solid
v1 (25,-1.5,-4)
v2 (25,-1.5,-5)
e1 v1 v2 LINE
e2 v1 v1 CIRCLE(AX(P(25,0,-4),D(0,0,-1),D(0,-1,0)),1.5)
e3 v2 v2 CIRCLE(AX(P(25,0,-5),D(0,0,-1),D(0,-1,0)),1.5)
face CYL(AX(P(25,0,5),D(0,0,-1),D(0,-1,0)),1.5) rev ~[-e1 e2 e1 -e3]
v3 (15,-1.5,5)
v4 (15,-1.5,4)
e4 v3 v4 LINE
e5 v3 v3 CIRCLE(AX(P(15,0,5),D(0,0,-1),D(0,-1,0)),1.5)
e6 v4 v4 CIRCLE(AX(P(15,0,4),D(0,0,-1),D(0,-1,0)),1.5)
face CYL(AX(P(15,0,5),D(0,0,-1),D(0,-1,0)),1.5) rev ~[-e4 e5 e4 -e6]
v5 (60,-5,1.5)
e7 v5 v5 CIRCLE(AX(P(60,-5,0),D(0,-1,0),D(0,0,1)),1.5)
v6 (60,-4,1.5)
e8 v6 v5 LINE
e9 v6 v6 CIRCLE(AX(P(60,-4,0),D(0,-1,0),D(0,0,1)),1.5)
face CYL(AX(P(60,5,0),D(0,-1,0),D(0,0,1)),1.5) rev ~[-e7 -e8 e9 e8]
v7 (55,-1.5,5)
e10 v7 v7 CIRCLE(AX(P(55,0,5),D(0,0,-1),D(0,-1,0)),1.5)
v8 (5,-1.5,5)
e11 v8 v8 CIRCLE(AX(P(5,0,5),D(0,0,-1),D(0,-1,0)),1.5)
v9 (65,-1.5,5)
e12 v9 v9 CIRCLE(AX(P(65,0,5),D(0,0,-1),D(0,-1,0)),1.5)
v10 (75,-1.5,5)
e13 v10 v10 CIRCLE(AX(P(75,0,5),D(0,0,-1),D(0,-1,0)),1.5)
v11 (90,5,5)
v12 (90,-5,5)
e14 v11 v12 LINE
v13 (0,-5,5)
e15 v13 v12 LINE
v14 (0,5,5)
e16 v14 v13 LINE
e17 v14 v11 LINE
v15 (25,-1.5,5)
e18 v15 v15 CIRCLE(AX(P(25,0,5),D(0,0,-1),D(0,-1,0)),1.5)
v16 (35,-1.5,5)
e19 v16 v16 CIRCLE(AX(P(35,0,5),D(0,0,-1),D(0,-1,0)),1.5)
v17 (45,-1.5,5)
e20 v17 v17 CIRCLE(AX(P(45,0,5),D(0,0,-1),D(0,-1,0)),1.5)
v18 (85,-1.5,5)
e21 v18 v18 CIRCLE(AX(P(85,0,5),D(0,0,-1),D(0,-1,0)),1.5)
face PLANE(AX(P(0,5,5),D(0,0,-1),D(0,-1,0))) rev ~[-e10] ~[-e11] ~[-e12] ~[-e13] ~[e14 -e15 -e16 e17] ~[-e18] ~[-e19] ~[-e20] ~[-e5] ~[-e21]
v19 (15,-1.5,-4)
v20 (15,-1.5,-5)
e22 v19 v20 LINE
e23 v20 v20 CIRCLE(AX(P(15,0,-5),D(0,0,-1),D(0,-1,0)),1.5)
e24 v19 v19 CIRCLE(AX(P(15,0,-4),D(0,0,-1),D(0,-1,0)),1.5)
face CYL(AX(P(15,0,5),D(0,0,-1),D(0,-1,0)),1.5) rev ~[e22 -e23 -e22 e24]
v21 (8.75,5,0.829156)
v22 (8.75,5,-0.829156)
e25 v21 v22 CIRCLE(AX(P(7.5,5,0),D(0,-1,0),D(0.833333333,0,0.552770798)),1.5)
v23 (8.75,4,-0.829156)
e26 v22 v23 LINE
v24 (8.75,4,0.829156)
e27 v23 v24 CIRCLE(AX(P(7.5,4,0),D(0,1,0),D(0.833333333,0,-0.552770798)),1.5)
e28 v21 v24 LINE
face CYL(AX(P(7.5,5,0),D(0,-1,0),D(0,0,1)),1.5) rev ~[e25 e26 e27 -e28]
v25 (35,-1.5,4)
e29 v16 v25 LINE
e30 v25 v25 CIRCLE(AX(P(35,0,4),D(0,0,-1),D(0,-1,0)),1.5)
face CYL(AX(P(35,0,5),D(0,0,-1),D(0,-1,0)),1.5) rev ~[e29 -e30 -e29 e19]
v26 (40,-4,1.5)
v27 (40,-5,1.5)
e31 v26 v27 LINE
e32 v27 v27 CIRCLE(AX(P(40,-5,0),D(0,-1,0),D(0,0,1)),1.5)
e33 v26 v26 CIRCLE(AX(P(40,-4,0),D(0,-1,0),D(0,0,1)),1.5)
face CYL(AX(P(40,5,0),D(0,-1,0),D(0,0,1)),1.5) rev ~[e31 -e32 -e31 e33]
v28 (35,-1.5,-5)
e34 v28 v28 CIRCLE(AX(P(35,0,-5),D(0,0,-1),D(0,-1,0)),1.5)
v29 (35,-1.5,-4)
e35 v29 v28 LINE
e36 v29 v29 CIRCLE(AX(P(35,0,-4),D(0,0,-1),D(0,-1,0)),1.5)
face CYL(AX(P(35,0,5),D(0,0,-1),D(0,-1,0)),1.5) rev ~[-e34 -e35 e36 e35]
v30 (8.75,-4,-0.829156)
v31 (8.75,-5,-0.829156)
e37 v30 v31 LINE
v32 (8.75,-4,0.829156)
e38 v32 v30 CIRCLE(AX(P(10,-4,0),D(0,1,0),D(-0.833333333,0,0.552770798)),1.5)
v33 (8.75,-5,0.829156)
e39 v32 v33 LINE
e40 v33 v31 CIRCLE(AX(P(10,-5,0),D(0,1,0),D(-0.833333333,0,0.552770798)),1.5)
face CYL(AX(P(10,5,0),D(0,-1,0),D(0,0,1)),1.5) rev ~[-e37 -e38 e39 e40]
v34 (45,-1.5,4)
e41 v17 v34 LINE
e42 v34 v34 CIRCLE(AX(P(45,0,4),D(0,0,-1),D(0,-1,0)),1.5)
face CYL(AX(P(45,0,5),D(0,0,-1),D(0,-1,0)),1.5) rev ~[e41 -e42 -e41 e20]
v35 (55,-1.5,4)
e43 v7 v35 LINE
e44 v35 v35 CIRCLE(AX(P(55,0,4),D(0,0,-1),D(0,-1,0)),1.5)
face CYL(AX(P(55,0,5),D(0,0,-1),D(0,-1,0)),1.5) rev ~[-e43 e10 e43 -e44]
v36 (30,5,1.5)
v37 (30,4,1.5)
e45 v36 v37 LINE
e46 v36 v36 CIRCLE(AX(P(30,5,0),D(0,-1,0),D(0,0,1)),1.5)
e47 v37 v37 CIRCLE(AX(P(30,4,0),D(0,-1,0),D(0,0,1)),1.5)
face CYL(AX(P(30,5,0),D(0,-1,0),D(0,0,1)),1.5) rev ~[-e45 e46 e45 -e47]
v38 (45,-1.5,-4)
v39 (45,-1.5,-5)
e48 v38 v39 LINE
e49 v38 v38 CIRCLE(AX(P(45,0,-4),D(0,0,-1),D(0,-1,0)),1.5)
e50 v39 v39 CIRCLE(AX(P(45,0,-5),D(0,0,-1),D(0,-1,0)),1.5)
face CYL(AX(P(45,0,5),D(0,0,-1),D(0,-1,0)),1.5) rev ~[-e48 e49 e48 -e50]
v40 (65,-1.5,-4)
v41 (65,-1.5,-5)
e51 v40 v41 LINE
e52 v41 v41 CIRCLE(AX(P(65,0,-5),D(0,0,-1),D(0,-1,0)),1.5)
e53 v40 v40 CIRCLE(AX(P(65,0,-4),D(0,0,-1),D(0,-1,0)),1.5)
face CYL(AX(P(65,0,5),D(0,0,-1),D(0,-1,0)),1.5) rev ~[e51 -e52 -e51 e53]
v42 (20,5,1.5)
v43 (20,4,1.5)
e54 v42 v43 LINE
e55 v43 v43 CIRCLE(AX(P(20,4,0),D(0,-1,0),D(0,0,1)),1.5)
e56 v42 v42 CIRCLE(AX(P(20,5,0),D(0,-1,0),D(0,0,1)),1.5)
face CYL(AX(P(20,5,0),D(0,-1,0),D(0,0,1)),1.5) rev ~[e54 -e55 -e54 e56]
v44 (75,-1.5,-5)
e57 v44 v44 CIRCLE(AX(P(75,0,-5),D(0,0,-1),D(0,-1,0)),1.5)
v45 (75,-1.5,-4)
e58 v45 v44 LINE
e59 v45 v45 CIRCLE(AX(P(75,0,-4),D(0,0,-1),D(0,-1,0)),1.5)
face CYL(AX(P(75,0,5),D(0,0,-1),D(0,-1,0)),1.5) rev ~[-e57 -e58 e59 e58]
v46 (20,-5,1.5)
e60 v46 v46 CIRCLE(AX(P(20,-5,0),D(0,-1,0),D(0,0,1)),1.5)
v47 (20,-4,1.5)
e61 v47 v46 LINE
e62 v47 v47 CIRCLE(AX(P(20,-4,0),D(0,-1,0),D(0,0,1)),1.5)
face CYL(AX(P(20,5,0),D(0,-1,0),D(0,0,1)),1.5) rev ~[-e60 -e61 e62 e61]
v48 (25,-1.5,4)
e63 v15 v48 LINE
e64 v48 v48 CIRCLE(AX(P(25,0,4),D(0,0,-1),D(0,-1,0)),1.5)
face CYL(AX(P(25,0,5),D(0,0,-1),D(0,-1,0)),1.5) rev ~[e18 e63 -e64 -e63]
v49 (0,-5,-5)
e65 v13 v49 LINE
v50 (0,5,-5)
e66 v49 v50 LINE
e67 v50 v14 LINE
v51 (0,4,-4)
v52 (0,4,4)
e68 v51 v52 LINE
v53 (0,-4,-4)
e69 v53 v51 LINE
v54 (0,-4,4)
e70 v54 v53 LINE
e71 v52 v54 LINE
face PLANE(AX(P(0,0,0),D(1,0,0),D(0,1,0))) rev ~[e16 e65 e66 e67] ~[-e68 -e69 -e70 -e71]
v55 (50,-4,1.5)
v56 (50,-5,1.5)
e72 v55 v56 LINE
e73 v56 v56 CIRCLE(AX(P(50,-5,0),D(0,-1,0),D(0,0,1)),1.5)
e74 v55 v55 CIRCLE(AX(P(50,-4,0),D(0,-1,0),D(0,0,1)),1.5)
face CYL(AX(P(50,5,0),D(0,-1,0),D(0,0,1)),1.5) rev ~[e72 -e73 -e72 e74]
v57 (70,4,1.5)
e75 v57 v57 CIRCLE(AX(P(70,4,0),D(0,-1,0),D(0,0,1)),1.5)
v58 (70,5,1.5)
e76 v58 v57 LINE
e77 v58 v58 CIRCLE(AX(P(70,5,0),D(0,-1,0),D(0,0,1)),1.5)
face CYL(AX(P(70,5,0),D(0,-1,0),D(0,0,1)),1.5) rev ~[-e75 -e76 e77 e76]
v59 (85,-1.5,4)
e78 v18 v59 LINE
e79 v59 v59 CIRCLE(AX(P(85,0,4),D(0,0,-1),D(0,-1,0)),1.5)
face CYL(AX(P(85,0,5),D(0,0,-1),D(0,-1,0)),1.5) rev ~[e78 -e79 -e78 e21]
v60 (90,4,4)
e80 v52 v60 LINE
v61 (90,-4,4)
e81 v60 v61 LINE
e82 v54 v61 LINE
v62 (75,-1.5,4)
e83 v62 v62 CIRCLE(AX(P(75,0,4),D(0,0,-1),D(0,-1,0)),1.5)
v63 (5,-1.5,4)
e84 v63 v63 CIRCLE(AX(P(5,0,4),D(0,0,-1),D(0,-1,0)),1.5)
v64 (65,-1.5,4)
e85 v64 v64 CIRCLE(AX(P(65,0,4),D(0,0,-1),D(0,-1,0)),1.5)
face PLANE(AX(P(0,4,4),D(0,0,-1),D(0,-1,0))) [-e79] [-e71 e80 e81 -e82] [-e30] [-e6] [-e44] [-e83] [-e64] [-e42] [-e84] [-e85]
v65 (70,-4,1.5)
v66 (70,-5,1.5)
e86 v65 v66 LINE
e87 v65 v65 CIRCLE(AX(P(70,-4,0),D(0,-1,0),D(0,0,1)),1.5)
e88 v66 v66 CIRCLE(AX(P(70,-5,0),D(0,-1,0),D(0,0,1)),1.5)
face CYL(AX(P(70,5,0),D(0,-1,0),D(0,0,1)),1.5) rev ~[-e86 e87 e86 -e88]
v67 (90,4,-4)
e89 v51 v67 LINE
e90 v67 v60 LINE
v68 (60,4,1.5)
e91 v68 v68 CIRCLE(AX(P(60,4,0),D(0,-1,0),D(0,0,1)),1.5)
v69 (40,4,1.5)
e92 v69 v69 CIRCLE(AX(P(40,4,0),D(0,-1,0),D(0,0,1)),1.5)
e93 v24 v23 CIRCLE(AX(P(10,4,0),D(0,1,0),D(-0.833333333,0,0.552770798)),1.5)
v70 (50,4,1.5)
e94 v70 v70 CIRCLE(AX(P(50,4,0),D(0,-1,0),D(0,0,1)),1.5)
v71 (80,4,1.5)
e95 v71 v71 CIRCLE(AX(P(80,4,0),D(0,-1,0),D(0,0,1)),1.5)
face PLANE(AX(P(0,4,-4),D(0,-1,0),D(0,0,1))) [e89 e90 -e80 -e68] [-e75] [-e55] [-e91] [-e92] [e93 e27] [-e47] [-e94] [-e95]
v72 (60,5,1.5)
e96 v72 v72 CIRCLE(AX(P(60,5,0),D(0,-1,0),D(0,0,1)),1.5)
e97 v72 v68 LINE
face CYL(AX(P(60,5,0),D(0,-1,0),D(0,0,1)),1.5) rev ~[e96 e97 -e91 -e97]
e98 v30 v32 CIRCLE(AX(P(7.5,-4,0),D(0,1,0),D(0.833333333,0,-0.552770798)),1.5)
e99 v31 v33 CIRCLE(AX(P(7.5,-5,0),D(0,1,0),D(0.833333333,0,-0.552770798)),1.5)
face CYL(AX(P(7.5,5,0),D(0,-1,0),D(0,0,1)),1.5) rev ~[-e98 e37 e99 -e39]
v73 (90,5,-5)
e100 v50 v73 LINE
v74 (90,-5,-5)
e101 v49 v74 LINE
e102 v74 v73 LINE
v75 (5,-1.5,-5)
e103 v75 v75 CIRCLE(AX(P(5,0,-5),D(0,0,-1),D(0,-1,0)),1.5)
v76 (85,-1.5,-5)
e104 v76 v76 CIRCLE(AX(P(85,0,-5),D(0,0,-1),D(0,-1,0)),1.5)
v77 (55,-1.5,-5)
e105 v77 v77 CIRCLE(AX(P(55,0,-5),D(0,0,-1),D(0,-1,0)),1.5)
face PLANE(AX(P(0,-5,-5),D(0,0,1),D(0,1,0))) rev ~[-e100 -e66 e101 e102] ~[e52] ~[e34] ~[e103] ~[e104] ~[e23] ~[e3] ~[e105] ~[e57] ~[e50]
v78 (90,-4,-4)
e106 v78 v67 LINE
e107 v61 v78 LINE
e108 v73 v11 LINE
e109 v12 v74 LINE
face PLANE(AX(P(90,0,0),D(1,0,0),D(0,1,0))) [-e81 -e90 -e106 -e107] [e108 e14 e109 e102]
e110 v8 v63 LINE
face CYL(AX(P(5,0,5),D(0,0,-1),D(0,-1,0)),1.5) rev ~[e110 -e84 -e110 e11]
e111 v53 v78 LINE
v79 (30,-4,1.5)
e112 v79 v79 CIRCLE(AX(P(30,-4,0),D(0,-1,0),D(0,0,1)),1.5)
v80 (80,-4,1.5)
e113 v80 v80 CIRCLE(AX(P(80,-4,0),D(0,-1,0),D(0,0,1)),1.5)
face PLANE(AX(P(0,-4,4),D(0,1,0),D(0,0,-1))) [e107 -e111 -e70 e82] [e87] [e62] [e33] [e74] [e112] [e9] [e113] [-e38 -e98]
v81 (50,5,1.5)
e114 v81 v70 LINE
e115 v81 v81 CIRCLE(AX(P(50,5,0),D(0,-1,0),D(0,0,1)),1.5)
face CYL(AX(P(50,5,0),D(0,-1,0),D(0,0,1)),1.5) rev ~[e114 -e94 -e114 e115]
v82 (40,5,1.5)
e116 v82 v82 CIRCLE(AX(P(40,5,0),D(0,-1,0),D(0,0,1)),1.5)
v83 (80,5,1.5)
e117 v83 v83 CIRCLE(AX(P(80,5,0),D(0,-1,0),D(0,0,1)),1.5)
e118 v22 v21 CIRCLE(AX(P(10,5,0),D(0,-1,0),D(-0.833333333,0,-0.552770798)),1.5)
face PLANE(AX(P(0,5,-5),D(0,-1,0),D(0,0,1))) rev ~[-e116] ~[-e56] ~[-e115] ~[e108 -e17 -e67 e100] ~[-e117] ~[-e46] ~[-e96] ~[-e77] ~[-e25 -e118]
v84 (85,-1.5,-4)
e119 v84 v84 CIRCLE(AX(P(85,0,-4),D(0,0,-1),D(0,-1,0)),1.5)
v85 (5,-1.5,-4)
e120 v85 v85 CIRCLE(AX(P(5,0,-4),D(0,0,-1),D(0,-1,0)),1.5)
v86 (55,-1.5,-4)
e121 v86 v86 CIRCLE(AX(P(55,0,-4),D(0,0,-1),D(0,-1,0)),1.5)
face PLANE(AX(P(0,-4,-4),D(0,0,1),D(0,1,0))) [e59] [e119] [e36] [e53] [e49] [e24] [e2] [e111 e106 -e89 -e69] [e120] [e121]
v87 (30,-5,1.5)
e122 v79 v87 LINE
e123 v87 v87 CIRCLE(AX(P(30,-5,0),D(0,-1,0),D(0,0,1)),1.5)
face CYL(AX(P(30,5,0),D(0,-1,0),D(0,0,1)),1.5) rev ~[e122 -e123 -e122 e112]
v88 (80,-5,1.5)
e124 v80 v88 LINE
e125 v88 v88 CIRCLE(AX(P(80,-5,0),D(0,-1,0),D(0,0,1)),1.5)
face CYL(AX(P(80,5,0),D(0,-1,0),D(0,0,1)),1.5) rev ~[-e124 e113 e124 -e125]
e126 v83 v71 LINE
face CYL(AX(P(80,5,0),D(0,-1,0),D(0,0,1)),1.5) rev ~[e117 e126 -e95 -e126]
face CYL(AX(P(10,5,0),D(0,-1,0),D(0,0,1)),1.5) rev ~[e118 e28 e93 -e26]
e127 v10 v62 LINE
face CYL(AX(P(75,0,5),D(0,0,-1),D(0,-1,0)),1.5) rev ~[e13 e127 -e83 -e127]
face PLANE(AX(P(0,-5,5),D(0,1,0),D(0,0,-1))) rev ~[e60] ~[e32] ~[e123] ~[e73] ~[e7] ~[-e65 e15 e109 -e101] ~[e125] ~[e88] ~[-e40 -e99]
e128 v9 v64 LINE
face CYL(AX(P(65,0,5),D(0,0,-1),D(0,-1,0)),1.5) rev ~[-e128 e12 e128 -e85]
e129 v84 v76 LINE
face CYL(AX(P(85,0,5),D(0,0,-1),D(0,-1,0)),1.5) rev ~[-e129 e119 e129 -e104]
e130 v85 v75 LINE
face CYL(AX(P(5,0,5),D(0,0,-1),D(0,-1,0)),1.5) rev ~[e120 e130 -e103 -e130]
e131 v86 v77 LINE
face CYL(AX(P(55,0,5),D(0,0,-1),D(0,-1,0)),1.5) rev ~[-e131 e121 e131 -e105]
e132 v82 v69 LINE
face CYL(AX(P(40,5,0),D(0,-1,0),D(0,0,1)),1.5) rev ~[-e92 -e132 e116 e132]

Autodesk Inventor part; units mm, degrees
ref_plane "YZ Plane" through (0, 0, 0) normal (1, 0, 0) x (0, 1, 0)
ref_plane "XZ Plane" through (0, 0, 0) normal (0, 1, 0) x (-1, 0, 0)
ref_plane "XY Plane" through (0, 0, 0) normal (0, 0, 1) x (1, 0, 0)
sketch "Sketch1" plane through (0, 0, 0) normal (1, 0, 0) x (0, 1, 0)
  line L0 (-5, -5) -> (5, -5)
  line L1 (5, -5) -> (5, 5)
  line L2 (5, 5) -> (-5, 5)
  line L3 (-5, 5) -> (-5, -5)
  line L4 (-5, -5) -> (5, 5) construction
  line L5 (5, -5) -> (-5, 5) construction
  line L6 (-4, -4) -> (4, -4)
  line L7 (4, -4) -> (4, 4)
  line L8 (4, 4) -> (-4, 4)
  line L9 (-4, 4) -> (-4, -4)
  line L10 (-4, -4) -> (4, 4) construction
  line L11 (4, -4) -> (-4, 4) construction
  point P0 (0, 0)
  dimension "d0" = 10
  dimension "d1" = 10
  dimension "d2" = 8
  dimension "d3" = 8
extrude "Extrusion1" add sketch "Sketch1" along normal blind 90
sketch "Sketch2" plane through (0, -5, 5) normal (0, 0, 1) x (1, 0, 0)
  line L0 (90, 10) -> (90, 0) projected
  line L1 (0, 10) -> (0, 0) projected
  line L2 (5, 5) -> (25.8215, 5)
  point P0 (0, 5)
  point P1 (15, 5)
  point P2 (15, 5)
  point P3 (25, 5)
  point P4 (25, 5)
  point P5 (35, 5)
  point P6 (35, 5)
  point P7 (45, 5)
  point P8 (45, 5)
  point P9 (55, 5)
  point P10 (55, 5)
  point P11 (65, 5)
  point P12 (65, 5)
  point P13 (75, 5)
  point P14 (75, 5)
  point P15 (85, 5)
  dimension "d7" = 5
  dimension "d15" = 10
  dimension "d18" = 10
hole "Hole1" at (5, 0, 5) at (15, 0, 5) at (25, 0, 5) at (35, 0, 5) at (45, 0, 5) at (55, 0, 5) at (65, 0, 5) at (75, 0, 5) at (85, 0, 5) direction (0, 0, -1) diameter 3 depth 80.45
sketch "Sketch3" plane through (0, 5, 5) normal (0, 1, 0) x (1, 0, 0)
  line L0 (0, 10) -> (0, 0) projected
  line L1 (0, 5) -> (10, 5)
  point P0 (20, 5)
  point P1 (20, 5)
  point P2 (30, 5)
  point P3 (30, 5)
  point P4 (40, 5)
  point P5 (40, 5)
  point P6 (50, 5)
  point P7 (50, 5)
  point P8 (60, 5)
  point P9 (60, 5)
  point P10 (70, 5)
  point P11 (70, 5)
  point P12 (80, 5)
  dimension "d23" = 10
  dimension "d24" = 10
  dimension "d27" = 10
hole "Hole2" at (10, 5, 0) at (20, 5, 0) at (30, 5, 0) at (40, 5, 0) at (50, 5, 0) at (60, 5, 0) at (70, 5, 0) at (80, 5, 0) direction (0, -1, 0) diameter 3 depth 80.45
sketch "Sketch4" plane through (0, 5, 5) normal (0, 1, 0) x (1, 0, 0)
  circle A0 centre (10, 5) radius 1.5 projected
  point P0 (0, 5)
  point P1 (7.5, 5)
  dimension "d39" = 2.5
hole "Hole3" at (7.5, 5, 0) direction (0, -1, 0) diameter 3 depth 80.45
properties part number "10x10x60" material "アルミニウム 6061"
